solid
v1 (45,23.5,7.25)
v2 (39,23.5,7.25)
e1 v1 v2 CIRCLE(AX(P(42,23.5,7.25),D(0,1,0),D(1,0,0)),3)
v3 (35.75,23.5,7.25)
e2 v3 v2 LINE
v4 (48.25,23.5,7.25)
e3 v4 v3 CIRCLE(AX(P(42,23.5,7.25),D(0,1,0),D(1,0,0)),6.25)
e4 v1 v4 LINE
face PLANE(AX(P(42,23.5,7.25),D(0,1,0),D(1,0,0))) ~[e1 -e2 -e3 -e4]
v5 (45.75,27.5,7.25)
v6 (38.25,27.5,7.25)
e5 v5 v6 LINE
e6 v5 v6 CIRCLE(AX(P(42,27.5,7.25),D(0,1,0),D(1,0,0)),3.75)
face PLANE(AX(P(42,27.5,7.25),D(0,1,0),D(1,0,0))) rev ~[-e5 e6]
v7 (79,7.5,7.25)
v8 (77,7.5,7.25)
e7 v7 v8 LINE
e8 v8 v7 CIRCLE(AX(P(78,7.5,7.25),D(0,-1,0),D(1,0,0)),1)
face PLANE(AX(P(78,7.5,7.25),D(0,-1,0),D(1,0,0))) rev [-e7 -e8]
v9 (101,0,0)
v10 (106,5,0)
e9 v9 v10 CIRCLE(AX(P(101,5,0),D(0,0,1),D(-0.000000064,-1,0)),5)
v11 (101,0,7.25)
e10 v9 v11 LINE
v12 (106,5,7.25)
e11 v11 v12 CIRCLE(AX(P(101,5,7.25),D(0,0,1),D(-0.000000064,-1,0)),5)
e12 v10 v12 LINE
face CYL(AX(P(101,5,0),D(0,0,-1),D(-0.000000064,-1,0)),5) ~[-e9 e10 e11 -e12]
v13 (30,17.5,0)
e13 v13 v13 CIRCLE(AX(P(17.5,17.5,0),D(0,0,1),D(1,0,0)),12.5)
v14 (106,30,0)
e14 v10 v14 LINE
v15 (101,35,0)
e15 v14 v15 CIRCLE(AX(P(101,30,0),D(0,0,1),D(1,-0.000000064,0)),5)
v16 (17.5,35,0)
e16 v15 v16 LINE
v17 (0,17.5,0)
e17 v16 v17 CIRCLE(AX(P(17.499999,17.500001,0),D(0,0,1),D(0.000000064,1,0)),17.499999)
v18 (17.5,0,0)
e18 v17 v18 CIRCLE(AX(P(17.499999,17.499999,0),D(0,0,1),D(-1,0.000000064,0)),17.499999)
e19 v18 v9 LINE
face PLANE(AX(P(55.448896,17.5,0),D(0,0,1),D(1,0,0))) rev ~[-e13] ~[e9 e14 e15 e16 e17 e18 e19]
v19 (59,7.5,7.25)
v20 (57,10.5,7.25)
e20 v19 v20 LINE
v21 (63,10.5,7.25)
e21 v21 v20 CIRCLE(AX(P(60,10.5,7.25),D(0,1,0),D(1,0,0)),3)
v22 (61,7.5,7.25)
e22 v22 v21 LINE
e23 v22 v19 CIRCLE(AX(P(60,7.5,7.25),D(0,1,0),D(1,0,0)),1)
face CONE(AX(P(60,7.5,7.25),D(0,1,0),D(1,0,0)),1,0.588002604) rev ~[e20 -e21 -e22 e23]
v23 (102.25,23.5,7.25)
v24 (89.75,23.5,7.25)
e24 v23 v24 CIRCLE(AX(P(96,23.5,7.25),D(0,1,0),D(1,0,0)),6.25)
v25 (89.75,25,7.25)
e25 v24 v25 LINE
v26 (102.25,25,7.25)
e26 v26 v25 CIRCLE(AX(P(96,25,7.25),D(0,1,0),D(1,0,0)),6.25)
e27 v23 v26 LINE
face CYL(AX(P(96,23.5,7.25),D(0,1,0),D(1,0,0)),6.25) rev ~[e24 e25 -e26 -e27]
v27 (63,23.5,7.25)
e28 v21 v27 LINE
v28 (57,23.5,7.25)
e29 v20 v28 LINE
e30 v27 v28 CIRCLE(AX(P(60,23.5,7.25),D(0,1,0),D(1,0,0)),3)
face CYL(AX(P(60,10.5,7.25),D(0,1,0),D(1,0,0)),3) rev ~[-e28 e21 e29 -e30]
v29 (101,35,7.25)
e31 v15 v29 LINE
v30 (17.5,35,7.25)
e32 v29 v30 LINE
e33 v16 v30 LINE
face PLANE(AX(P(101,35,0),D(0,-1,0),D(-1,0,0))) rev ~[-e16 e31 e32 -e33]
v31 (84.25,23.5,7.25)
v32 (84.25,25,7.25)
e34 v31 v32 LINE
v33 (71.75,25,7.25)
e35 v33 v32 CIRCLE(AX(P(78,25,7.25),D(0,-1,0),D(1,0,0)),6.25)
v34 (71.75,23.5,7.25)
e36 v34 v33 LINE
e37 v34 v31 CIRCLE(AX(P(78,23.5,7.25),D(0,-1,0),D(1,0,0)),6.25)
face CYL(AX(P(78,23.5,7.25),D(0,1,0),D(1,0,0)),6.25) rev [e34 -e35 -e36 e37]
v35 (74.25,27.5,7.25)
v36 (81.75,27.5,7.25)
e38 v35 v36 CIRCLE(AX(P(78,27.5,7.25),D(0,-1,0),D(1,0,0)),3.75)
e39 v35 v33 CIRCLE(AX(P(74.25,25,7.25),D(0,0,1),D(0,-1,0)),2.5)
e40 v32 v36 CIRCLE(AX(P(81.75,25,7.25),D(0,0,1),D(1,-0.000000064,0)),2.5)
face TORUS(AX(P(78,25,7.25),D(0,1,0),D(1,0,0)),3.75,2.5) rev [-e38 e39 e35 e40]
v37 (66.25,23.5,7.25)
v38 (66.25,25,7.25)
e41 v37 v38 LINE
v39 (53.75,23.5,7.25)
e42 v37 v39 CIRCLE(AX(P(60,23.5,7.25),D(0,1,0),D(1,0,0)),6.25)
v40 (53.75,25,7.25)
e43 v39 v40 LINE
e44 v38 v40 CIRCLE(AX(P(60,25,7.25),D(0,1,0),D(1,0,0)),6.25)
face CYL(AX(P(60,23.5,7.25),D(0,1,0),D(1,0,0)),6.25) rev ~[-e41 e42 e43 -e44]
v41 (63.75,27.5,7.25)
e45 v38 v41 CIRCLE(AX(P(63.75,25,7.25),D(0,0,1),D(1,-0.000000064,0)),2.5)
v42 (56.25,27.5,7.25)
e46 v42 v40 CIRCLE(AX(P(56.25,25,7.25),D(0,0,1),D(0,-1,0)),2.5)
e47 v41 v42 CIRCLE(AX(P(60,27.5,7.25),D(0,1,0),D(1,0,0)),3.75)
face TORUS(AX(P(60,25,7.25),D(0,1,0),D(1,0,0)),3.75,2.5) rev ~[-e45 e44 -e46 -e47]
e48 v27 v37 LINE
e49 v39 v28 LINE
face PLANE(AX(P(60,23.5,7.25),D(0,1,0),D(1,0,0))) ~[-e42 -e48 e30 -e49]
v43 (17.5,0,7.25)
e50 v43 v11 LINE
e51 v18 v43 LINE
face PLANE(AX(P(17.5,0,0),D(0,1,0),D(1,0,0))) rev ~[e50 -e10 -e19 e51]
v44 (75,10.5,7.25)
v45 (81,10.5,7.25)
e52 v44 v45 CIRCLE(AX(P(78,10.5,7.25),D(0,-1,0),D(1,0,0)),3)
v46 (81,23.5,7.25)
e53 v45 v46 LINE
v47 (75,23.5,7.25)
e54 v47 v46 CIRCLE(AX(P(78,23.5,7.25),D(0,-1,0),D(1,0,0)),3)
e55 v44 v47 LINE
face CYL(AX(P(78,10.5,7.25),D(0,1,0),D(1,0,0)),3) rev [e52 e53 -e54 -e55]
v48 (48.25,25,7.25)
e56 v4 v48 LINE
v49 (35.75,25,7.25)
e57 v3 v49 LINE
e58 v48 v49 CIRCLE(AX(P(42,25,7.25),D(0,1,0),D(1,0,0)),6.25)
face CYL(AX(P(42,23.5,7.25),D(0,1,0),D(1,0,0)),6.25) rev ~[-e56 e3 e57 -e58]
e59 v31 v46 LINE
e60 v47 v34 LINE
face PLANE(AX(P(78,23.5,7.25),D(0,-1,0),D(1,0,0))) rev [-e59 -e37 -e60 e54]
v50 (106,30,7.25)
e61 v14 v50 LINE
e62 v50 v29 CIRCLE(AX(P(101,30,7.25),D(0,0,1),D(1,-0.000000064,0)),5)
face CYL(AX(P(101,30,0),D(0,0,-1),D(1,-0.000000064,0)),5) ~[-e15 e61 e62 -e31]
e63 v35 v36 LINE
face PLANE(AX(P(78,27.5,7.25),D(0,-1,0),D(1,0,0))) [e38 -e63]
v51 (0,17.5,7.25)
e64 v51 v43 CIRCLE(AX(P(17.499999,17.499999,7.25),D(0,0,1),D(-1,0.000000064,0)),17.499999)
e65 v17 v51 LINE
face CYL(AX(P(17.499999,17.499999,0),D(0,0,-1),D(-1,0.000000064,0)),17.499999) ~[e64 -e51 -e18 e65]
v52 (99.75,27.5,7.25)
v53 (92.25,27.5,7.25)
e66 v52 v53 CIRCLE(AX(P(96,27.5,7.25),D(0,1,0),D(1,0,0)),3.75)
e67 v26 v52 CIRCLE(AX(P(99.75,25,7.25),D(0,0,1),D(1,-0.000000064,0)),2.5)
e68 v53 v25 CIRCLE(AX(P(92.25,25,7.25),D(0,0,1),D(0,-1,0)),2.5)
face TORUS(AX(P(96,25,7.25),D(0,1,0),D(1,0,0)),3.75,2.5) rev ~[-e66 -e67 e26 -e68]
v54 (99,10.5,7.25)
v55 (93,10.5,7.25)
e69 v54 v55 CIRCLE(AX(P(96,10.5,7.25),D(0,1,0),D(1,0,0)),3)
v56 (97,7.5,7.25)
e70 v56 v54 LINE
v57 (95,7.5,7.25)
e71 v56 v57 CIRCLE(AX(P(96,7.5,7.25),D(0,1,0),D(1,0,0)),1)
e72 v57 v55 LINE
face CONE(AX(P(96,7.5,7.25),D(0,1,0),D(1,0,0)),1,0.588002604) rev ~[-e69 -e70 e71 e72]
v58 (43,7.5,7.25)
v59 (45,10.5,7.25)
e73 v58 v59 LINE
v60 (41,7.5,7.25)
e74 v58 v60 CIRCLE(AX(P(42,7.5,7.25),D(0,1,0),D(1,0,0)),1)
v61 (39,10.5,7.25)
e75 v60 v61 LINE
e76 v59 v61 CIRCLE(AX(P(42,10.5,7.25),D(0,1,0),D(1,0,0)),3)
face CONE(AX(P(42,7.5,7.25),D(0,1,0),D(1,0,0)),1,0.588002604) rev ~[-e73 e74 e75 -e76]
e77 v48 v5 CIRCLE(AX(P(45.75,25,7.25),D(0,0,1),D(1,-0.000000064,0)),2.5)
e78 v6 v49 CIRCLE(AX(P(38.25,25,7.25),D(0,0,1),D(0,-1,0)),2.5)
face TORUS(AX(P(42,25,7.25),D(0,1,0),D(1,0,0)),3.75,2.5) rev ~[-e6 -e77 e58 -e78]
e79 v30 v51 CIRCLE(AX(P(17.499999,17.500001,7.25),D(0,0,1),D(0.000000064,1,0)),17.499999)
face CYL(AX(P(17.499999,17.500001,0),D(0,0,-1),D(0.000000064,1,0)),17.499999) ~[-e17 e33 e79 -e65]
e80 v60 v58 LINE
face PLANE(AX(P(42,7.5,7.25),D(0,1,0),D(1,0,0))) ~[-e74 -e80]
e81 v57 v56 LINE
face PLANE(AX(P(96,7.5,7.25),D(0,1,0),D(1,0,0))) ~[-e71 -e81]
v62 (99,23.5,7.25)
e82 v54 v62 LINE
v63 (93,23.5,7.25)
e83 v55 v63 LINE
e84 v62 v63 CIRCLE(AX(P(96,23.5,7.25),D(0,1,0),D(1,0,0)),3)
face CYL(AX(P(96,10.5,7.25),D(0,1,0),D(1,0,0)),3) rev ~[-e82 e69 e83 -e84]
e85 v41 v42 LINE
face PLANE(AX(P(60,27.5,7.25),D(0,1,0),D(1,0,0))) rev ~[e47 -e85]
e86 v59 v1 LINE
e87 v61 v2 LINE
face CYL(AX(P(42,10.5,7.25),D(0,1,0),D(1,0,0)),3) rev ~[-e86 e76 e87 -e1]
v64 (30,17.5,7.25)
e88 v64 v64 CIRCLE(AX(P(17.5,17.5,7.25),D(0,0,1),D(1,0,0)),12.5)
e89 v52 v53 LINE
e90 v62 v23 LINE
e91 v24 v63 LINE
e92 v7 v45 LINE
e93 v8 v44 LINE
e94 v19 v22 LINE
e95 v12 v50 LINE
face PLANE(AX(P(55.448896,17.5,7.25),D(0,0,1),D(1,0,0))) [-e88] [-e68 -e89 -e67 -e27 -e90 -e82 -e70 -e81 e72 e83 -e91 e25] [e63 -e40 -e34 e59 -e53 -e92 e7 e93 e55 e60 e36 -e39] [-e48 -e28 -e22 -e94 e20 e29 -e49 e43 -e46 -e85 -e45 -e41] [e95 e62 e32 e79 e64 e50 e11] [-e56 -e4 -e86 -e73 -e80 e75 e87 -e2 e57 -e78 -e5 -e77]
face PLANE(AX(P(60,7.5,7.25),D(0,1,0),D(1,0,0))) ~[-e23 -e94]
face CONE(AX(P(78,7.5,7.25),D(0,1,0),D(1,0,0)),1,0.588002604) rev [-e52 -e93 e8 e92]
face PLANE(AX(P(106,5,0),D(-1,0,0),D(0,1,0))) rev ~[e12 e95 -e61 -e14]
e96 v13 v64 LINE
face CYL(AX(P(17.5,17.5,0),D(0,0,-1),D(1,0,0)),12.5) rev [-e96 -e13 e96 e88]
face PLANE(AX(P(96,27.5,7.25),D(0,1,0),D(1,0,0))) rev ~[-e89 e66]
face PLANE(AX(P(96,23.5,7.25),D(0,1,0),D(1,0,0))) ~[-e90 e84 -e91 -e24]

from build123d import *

# Parameters (mm, degrees)
F0_R     = 12.5
F1_DEPTH = 7.25


with BuildPart() as f1:
    # F0 (on Top) → F1 (new body)
    with BuildSketch(Plane.XY):
        with BuildLine():
            ThreePointArc((0, 17.5), (5.125631, 5.125631), (17.5, 0))
            Line((17.5, 0), (101, 0))
            ThreePointArc((101, 0), (104.535534, 1.464466), (106, 5))
            Line((106, 5), (106, 30))
            ThreePointArc((106, 30), (104.535534, 33.535534), (101, 35))
            Line((101, 35), (17.5, 35))
            ThreePointArc((17.5, 35), (5.125631, 29.874369), (0, 17.5))
        make_face()
        with Locations((17.5, 17.5)):
            Circle(F0_R, mode=Mode.SUBTRACT)
    extrude(amount=F1_DEPTH)

    # F2 (on face) → F3 (revolve, cut)
    with BuildSketch(Plane.XY.offset(7.25)):
        with BuildLine():
            Line((42, 10.5), (42, 7.5))
            Line((42, 7.5), (43, 7.5))
            Line((43, 7.5), (45, 10.5))
            Line((45, 10.5), (45, 23.5))
            Line((45, 23.5), (48.25, 23.5))
            Line((48.25, 23.5), (48.25, 25))
            ThreePointArc((48.25, 25), (47.517767, 26.767767), (45.75, 27.5))
            Line((45.75, 27.5), (42, 27.5))
            Line((42, 27.5), (42, 23.5))
            Line((42, 23.5), (42, 10.5))
        make_face()
    revolve(axis=Axis((42, 15.5, 7.25), (0, 1, 0)), mode=Mode.SUBTRACT)

    # F2 (on face) → F4 (revolve, cut)
    with BuildSketch(Plane.XY.offset(7.25)):
        with BuildLine():
            Line((60, 10.5), (60, 7.5))
            Line((60, 7.5), (61, 7.5))
            Line((61, 7.5), (63, 10.5))
            Line((63, 10.5), (63, 23.5))
            Line((63, 23.5), (66.25, 23.5))
            Line((66.25, 23.5), (66.25, 25))
            ThreePointArc((66.25, 25), (65.517767, 26.767767), (63.75, 27.5))
            Line((63.75, 27.5), (60, 27.5))
            Line((60, 27.5), (60, 23.5))
            Line((60, 23.5), (60, 10.5))
        make_face()
    revolve(axis=Axis((60, 15.5, 7.25), (0, 1, 0)), mode=Mode.SUBTRACT)

    # F2 (on face) → F5 (revolve, cut)
    with BuildSketch(Plane.XY.offset(7.25)):
        with BuildLine():
            Line((78, 10.5), (78, 7.5))
            Line((78, 7.5), (79, 7.5))
            Line((79, 7.5), (81, 10.5))
            Line((81, 10.5), (81, 23.5))
            Line((81, 23.5), (84.25, 23.5))
            Line((84.25, 23.5), (84.25, 25))
            ThreePointArc((84.25, 25), (83.517767, 26.767767), (81.75, 27.5))
            Line((81.75, 27.5), (78, 27.5))
            Line((78, 27.5), (78, 23.5))
            Line((78, 23.5), (78, 10.5))
        make_face()
    revolve(axis=Axis((78, 17, 7.25), (0, -1, 0)), mode=Mode.SUBTRACT)

    # F2 (on face) → F6 (revolve, cut)
    with BuildSketch(Plane.XY.offset(7.25)):
        with BuildLine():
            Line((96, 10.5), (96, 7.5))
            Line((96, 7.5), (97, 7.5))
            Line((97, 7.5), (99, 10.5))
            Line((99, 10.5), (99, 23.5))
            Line((99, 23.5), (102.25, 23.5))
            Line((102.25, 23.5), (102.25, 25))
            ThreePointArc((102.25, 25), (101.517767, 26.767767), (99.75, 27.5))
            Line((99.75, 27.5), (96, 27.5))
            Line((96, 27.5), (96, 23.5))
            Line((96, 23.5), (96, 10.5))
        make_face()
    revolve(axis=Axis((96, 15.5, 7.25), (0, 1, 0)), mode=Mode.SUBTRACT)


solid = f1.part
